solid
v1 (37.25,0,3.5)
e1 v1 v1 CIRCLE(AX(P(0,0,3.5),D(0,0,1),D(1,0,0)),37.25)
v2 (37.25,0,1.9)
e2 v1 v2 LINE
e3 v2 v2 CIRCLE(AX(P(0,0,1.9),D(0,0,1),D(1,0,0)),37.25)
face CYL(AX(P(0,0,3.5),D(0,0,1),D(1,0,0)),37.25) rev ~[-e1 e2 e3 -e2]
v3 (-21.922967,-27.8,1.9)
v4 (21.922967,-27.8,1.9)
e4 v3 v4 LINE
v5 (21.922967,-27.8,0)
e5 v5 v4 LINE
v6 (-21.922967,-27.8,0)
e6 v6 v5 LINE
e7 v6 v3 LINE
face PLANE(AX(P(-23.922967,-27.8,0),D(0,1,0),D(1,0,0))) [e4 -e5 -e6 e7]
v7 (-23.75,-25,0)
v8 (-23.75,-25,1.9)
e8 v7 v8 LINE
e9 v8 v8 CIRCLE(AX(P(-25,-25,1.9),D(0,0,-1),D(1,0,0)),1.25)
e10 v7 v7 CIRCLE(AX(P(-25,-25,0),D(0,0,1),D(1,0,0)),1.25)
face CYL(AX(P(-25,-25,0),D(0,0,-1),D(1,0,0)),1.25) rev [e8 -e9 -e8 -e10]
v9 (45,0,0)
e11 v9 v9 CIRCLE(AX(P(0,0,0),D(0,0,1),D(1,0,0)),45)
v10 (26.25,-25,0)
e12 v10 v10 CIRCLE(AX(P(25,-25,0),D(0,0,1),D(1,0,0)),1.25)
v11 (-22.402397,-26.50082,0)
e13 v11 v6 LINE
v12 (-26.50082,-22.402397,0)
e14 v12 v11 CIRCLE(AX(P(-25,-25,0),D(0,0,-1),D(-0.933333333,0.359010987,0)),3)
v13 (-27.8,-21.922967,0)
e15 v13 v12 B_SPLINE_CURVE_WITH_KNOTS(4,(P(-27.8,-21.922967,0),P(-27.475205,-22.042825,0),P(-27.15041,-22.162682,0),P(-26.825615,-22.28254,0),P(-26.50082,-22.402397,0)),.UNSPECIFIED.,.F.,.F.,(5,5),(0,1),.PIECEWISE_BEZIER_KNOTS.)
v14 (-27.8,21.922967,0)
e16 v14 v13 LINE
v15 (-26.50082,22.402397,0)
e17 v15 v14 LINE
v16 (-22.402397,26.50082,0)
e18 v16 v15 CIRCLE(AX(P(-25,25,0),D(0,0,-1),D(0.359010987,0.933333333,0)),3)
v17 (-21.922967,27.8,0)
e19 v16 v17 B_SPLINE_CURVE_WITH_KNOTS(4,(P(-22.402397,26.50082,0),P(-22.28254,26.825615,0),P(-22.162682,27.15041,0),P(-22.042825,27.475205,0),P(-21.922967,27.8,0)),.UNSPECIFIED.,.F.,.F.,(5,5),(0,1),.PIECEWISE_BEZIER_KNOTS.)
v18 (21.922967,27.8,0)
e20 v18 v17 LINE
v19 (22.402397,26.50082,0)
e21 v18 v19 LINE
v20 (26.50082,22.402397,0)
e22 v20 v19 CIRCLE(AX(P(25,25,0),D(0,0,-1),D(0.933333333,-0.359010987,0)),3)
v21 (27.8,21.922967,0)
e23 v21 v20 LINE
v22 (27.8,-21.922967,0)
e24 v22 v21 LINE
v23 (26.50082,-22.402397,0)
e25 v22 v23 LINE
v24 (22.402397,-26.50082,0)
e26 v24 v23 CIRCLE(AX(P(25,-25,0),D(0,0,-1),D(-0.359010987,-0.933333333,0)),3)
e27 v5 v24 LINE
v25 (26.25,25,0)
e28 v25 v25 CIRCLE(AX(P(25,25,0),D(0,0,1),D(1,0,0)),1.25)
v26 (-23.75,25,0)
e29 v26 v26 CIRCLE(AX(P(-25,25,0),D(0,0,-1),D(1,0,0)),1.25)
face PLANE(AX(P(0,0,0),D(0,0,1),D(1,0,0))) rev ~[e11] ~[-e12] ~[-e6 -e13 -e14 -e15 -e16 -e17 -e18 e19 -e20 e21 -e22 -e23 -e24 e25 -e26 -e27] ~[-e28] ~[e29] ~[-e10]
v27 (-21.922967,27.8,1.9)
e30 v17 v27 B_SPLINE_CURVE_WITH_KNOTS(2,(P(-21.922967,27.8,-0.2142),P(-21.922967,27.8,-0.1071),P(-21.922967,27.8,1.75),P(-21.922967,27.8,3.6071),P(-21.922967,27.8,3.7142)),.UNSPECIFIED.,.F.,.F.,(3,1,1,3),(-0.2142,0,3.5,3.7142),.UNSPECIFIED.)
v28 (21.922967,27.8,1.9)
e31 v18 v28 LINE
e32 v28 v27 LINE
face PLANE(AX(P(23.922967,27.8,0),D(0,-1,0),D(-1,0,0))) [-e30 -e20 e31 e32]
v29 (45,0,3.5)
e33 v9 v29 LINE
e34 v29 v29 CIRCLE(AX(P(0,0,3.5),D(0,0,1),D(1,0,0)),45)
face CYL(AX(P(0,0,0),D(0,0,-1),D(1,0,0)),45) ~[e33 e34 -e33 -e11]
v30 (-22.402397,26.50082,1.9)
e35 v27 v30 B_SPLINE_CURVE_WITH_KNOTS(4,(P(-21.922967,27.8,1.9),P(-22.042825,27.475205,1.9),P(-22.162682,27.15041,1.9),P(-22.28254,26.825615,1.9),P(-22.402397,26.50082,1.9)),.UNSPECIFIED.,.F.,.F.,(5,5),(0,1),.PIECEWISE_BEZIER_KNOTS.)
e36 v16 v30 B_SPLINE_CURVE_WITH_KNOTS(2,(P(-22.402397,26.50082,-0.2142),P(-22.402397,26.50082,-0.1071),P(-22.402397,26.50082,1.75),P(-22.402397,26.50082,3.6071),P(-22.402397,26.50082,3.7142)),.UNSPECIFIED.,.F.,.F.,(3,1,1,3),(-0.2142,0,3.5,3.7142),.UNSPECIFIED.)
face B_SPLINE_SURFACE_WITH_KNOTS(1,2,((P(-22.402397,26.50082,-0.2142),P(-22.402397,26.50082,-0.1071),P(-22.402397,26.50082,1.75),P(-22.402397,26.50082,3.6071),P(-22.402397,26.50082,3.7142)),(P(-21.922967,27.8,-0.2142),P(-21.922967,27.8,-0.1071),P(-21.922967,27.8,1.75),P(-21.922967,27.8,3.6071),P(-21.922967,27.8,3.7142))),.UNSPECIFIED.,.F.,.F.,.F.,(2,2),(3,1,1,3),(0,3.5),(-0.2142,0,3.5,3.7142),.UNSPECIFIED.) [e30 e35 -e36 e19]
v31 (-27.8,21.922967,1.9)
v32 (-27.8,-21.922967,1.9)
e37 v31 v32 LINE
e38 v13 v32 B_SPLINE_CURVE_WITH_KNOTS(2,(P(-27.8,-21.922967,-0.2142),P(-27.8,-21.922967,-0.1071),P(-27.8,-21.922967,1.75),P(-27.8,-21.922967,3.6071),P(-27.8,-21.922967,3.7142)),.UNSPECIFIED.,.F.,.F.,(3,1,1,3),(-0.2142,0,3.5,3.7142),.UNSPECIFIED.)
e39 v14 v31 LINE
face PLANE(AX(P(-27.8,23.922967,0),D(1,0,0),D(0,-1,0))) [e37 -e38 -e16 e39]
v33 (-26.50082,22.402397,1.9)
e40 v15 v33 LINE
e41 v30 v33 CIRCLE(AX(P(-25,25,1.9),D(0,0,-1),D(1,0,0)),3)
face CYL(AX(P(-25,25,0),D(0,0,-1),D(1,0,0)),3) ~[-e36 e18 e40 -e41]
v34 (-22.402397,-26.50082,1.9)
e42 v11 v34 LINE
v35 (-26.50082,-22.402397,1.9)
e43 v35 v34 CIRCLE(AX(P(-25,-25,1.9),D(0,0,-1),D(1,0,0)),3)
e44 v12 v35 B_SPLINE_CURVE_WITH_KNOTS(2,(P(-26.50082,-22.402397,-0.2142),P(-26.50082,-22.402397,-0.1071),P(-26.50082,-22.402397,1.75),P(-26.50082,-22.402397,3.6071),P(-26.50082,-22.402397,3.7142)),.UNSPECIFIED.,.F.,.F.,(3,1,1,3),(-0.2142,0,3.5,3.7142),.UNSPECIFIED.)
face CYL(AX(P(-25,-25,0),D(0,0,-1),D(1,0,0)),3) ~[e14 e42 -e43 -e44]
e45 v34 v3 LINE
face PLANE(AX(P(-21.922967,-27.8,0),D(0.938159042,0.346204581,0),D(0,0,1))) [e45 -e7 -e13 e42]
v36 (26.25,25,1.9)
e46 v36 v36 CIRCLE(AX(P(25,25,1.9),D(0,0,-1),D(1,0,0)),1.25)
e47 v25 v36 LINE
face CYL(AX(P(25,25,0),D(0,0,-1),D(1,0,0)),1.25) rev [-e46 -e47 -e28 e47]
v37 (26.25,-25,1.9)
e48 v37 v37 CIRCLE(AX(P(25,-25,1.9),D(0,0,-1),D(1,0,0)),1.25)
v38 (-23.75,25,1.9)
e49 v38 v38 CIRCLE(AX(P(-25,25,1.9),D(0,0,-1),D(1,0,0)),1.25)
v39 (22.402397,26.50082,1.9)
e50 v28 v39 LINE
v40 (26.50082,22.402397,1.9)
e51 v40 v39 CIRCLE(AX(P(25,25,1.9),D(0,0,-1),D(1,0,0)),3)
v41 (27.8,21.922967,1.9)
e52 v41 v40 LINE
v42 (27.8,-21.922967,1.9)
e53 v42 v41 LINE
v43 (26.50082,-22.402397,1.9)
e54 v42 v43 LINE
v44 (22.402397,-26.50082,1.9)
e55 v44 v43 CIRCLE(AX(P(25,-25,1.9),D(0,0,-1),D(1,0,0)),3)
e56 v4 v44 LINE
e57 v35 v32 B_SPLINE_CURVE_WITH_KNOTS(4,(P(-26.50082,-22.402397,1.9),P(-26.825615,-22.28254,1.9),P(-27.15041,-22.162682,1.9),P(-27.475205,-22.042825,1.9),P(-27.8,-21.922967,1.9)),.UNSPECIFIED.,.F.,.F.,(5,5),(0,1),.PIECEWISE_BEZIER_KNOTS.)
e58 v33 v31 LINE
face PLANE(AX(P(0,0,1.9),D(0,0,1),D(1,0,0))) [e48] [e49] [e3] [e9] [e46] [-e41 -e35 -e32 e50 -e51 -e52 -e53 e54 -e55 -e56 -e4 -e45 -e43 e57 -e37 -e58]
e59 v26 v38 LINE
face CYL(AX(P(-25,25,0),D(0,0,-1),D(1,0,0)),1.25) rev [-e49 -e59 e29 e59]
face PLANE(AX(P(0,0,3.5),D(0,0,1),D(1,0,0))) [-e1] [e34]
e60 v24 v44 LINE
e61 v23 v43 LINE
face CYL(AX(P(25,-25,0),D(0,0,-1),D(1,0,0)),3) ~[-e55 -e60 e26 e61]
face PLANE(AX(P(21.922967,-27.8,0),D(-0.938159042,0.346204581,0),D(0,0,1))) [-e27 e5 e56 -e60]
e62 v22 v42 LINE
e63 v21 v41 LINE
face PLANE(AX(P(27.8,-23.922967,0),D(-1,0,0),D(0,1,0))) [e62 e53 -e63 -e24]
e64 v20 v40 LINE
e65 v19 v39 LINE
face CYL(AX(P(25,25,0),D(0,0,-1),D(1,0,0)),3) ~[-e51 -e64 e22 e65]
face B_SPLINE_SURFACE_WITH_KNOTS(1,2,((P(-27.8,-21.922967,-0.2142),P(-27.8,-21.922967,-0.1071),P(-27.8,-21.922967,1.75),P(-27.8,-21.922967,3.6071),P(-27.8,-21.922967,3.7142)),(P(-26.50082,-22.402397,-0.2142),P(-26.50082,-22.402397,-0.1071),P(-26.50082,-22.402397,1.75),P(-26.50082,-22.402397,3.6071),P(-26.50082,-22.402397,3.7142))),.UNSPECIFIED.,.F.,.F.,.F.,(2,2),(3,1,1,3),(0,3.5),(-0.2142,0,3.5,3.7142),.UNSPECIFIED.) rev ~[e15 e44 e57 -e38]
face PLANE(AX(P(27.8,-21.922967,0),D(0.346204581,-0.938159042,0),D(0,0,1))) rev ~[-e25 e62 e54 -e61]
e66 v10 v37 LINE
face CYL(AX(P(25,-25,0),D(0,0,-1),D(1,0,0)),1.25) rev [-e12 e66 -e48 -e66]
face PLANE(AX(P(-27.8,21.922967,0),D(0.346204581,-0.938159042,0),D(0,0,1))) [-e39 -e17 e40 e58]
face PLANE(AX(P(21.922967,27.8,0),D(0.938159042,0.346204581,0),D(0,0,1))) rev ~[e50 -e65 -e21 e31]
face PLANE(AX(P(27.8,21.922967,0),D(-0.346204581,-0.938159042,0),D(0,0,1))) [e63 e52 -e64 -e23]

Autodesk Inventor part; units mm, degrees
ref_plane "YZ Plane" through (0, 0, 0) normal (1, 0, 0) x (0, 1, 0)
ref_plane "XZ Plane" through (0, 0, 0) normal (0, 1, 0) x (-1, 0, 0)
ref_plane "XY Plane" through (0, 0, 0) normal (0, 0, 1) x (1, 0, 0)
sketch "Sketch1" plane through (0, 0, 0) normal (0, 0, 1) x (1, 0, 0)
  line L0 (-25, 25) -> (25, 25)
  line L1 (25, 25) -> (25, -25)
  line L2 (25, -25) -> (-25, -25)
  line L3 (-25, -25) -> (-25, 25)
  circle A0 centre (-25, 25) radius 1.25
  circle A1 centre (-25, 25) radius 3
  circle A2 centre (-25, -25) radius 3
  circle A3 centre (-25, -25) radius 1.25
  circle A4 centre (25, -25) radius 3
  circle A5 centre (25, -25) radius 1.25
  circle A6 centre (25, 25) radius 3
  circle A7 centre (25, 25) radius 1.25
  circle A8 centre (0, 0) radius 45
  line L4 (27.8, 27.8) -> (-27.8, 27.8)
  line L5 (-27.8, 27.8) -> (-27.8, -27.8)
  line L6 (-27.8, -27.8) -> (27.8, -27.8)
  line L7 (27.8, -27.8) -> (27.8, 27.8)
  point P0 (-22, 25)
  point P1 (22, 25)
  point P2 (25, 22)
  point P3 (25, -22)
  point P4 (22, -25)
  point P5 (-22, -25)
  point P6 (-25, -22)
  point P7 (-25, 22)
  point P8 (-23.923, 27.8)
  point P9 (23.923, 27.8)
  point P10 (27.8, 23.923)
  point P11 (27.8, -23.923)
  point P12 (23.923, -27.8)
  point P13 (-23.923, -27.8)
  point P14 (-27.8, -23.923)
  point P15 (-27.8, 23.923)
  dimension "d0" = 50
  dimension "d1" = 25
  dimension "d2" = 50
  dimension "d3" = 25
  dimension "d4" = 2.5
  dimension "d5" = 6
  dimension "d8" = 360
  dimension "d12" = 90
  dimension "d14" = 2.8
extrude "Extrusion1" add sketch "Sketch1" along normal blind 3.5 contours A0 L3 A1 L5 L4 L0 | L0 A1 L3 A0 | A6 L4 L7 L1 A7 L0 | L0 A7 L1 A6 | L4 A1 | A2 L2 A3 L3 | L3 A3 L2 A2 L6 L5 | A1 L5 | A6 L4 | A1 L5 L4 | L5 A2 | L4 L7 A6 | A4 L7 L6 L2 A5 L1 | L1 A5 L2 A4 | L7 A6 | A2 L6 | A2 L6 L5 | A4 L7 | L6 A4 | L7 L6 A4 | A8
chamfer "Chamfer1" distance 2 angle 45 8 edges at (-23.923, -27.8, 1.75) (-27.8, -23.923, 1.75) (23.923, -27.8, 1.75) (27.8, -23.923, 1.75) (23.923, 27.8, 1.75) (27.8, 23.923, 1.75) (-23.923, 27.8, 1.75) (-27.8, 23.923, 1.75)
sketch "Sketch2" plane through (0, 0, 3.5) normal (0, 0, 1) x (1, 0, 0)
  circle A0 centre (0, 0) radius 37.25
  dimension "d18" = 74.5
extrude "Extrusion2" cut sketch "Sketch2" against normal blind 1.6
sketch "Sketch3" plane through (0, 0, 0) normal (0, 0, -1) x (-1, 0, 0)
  circle A0 centre (-17.9346, -27.7011) radius 1.65 projected
  circle A1 centre (15.0226, -29.3824) radius 1.65 projected
  circle A2 centre (15.0226, -29.3824) radius 1.65
  circle A3 centre (32.9571, -1.6813) radius 1.65
  circle A4 centre (17.9346, 27.7011) radius 1.65
  circle A5 centre (-15.0226, 29.3824) radius 1.65
  circle A6 centre (-32.9571, 1.6813) radius 1.65
  circle A7 centre (-17.9346, -27.7011) radius 1.65
  point P0 (0, 0)
  dimension "d23" = 360
equation "\"d1\" = 0.5 * d0"
equation "\"d2\" = d0"
equation "\"d3\" = d1"
properties part number "moteus_x1_mount"
